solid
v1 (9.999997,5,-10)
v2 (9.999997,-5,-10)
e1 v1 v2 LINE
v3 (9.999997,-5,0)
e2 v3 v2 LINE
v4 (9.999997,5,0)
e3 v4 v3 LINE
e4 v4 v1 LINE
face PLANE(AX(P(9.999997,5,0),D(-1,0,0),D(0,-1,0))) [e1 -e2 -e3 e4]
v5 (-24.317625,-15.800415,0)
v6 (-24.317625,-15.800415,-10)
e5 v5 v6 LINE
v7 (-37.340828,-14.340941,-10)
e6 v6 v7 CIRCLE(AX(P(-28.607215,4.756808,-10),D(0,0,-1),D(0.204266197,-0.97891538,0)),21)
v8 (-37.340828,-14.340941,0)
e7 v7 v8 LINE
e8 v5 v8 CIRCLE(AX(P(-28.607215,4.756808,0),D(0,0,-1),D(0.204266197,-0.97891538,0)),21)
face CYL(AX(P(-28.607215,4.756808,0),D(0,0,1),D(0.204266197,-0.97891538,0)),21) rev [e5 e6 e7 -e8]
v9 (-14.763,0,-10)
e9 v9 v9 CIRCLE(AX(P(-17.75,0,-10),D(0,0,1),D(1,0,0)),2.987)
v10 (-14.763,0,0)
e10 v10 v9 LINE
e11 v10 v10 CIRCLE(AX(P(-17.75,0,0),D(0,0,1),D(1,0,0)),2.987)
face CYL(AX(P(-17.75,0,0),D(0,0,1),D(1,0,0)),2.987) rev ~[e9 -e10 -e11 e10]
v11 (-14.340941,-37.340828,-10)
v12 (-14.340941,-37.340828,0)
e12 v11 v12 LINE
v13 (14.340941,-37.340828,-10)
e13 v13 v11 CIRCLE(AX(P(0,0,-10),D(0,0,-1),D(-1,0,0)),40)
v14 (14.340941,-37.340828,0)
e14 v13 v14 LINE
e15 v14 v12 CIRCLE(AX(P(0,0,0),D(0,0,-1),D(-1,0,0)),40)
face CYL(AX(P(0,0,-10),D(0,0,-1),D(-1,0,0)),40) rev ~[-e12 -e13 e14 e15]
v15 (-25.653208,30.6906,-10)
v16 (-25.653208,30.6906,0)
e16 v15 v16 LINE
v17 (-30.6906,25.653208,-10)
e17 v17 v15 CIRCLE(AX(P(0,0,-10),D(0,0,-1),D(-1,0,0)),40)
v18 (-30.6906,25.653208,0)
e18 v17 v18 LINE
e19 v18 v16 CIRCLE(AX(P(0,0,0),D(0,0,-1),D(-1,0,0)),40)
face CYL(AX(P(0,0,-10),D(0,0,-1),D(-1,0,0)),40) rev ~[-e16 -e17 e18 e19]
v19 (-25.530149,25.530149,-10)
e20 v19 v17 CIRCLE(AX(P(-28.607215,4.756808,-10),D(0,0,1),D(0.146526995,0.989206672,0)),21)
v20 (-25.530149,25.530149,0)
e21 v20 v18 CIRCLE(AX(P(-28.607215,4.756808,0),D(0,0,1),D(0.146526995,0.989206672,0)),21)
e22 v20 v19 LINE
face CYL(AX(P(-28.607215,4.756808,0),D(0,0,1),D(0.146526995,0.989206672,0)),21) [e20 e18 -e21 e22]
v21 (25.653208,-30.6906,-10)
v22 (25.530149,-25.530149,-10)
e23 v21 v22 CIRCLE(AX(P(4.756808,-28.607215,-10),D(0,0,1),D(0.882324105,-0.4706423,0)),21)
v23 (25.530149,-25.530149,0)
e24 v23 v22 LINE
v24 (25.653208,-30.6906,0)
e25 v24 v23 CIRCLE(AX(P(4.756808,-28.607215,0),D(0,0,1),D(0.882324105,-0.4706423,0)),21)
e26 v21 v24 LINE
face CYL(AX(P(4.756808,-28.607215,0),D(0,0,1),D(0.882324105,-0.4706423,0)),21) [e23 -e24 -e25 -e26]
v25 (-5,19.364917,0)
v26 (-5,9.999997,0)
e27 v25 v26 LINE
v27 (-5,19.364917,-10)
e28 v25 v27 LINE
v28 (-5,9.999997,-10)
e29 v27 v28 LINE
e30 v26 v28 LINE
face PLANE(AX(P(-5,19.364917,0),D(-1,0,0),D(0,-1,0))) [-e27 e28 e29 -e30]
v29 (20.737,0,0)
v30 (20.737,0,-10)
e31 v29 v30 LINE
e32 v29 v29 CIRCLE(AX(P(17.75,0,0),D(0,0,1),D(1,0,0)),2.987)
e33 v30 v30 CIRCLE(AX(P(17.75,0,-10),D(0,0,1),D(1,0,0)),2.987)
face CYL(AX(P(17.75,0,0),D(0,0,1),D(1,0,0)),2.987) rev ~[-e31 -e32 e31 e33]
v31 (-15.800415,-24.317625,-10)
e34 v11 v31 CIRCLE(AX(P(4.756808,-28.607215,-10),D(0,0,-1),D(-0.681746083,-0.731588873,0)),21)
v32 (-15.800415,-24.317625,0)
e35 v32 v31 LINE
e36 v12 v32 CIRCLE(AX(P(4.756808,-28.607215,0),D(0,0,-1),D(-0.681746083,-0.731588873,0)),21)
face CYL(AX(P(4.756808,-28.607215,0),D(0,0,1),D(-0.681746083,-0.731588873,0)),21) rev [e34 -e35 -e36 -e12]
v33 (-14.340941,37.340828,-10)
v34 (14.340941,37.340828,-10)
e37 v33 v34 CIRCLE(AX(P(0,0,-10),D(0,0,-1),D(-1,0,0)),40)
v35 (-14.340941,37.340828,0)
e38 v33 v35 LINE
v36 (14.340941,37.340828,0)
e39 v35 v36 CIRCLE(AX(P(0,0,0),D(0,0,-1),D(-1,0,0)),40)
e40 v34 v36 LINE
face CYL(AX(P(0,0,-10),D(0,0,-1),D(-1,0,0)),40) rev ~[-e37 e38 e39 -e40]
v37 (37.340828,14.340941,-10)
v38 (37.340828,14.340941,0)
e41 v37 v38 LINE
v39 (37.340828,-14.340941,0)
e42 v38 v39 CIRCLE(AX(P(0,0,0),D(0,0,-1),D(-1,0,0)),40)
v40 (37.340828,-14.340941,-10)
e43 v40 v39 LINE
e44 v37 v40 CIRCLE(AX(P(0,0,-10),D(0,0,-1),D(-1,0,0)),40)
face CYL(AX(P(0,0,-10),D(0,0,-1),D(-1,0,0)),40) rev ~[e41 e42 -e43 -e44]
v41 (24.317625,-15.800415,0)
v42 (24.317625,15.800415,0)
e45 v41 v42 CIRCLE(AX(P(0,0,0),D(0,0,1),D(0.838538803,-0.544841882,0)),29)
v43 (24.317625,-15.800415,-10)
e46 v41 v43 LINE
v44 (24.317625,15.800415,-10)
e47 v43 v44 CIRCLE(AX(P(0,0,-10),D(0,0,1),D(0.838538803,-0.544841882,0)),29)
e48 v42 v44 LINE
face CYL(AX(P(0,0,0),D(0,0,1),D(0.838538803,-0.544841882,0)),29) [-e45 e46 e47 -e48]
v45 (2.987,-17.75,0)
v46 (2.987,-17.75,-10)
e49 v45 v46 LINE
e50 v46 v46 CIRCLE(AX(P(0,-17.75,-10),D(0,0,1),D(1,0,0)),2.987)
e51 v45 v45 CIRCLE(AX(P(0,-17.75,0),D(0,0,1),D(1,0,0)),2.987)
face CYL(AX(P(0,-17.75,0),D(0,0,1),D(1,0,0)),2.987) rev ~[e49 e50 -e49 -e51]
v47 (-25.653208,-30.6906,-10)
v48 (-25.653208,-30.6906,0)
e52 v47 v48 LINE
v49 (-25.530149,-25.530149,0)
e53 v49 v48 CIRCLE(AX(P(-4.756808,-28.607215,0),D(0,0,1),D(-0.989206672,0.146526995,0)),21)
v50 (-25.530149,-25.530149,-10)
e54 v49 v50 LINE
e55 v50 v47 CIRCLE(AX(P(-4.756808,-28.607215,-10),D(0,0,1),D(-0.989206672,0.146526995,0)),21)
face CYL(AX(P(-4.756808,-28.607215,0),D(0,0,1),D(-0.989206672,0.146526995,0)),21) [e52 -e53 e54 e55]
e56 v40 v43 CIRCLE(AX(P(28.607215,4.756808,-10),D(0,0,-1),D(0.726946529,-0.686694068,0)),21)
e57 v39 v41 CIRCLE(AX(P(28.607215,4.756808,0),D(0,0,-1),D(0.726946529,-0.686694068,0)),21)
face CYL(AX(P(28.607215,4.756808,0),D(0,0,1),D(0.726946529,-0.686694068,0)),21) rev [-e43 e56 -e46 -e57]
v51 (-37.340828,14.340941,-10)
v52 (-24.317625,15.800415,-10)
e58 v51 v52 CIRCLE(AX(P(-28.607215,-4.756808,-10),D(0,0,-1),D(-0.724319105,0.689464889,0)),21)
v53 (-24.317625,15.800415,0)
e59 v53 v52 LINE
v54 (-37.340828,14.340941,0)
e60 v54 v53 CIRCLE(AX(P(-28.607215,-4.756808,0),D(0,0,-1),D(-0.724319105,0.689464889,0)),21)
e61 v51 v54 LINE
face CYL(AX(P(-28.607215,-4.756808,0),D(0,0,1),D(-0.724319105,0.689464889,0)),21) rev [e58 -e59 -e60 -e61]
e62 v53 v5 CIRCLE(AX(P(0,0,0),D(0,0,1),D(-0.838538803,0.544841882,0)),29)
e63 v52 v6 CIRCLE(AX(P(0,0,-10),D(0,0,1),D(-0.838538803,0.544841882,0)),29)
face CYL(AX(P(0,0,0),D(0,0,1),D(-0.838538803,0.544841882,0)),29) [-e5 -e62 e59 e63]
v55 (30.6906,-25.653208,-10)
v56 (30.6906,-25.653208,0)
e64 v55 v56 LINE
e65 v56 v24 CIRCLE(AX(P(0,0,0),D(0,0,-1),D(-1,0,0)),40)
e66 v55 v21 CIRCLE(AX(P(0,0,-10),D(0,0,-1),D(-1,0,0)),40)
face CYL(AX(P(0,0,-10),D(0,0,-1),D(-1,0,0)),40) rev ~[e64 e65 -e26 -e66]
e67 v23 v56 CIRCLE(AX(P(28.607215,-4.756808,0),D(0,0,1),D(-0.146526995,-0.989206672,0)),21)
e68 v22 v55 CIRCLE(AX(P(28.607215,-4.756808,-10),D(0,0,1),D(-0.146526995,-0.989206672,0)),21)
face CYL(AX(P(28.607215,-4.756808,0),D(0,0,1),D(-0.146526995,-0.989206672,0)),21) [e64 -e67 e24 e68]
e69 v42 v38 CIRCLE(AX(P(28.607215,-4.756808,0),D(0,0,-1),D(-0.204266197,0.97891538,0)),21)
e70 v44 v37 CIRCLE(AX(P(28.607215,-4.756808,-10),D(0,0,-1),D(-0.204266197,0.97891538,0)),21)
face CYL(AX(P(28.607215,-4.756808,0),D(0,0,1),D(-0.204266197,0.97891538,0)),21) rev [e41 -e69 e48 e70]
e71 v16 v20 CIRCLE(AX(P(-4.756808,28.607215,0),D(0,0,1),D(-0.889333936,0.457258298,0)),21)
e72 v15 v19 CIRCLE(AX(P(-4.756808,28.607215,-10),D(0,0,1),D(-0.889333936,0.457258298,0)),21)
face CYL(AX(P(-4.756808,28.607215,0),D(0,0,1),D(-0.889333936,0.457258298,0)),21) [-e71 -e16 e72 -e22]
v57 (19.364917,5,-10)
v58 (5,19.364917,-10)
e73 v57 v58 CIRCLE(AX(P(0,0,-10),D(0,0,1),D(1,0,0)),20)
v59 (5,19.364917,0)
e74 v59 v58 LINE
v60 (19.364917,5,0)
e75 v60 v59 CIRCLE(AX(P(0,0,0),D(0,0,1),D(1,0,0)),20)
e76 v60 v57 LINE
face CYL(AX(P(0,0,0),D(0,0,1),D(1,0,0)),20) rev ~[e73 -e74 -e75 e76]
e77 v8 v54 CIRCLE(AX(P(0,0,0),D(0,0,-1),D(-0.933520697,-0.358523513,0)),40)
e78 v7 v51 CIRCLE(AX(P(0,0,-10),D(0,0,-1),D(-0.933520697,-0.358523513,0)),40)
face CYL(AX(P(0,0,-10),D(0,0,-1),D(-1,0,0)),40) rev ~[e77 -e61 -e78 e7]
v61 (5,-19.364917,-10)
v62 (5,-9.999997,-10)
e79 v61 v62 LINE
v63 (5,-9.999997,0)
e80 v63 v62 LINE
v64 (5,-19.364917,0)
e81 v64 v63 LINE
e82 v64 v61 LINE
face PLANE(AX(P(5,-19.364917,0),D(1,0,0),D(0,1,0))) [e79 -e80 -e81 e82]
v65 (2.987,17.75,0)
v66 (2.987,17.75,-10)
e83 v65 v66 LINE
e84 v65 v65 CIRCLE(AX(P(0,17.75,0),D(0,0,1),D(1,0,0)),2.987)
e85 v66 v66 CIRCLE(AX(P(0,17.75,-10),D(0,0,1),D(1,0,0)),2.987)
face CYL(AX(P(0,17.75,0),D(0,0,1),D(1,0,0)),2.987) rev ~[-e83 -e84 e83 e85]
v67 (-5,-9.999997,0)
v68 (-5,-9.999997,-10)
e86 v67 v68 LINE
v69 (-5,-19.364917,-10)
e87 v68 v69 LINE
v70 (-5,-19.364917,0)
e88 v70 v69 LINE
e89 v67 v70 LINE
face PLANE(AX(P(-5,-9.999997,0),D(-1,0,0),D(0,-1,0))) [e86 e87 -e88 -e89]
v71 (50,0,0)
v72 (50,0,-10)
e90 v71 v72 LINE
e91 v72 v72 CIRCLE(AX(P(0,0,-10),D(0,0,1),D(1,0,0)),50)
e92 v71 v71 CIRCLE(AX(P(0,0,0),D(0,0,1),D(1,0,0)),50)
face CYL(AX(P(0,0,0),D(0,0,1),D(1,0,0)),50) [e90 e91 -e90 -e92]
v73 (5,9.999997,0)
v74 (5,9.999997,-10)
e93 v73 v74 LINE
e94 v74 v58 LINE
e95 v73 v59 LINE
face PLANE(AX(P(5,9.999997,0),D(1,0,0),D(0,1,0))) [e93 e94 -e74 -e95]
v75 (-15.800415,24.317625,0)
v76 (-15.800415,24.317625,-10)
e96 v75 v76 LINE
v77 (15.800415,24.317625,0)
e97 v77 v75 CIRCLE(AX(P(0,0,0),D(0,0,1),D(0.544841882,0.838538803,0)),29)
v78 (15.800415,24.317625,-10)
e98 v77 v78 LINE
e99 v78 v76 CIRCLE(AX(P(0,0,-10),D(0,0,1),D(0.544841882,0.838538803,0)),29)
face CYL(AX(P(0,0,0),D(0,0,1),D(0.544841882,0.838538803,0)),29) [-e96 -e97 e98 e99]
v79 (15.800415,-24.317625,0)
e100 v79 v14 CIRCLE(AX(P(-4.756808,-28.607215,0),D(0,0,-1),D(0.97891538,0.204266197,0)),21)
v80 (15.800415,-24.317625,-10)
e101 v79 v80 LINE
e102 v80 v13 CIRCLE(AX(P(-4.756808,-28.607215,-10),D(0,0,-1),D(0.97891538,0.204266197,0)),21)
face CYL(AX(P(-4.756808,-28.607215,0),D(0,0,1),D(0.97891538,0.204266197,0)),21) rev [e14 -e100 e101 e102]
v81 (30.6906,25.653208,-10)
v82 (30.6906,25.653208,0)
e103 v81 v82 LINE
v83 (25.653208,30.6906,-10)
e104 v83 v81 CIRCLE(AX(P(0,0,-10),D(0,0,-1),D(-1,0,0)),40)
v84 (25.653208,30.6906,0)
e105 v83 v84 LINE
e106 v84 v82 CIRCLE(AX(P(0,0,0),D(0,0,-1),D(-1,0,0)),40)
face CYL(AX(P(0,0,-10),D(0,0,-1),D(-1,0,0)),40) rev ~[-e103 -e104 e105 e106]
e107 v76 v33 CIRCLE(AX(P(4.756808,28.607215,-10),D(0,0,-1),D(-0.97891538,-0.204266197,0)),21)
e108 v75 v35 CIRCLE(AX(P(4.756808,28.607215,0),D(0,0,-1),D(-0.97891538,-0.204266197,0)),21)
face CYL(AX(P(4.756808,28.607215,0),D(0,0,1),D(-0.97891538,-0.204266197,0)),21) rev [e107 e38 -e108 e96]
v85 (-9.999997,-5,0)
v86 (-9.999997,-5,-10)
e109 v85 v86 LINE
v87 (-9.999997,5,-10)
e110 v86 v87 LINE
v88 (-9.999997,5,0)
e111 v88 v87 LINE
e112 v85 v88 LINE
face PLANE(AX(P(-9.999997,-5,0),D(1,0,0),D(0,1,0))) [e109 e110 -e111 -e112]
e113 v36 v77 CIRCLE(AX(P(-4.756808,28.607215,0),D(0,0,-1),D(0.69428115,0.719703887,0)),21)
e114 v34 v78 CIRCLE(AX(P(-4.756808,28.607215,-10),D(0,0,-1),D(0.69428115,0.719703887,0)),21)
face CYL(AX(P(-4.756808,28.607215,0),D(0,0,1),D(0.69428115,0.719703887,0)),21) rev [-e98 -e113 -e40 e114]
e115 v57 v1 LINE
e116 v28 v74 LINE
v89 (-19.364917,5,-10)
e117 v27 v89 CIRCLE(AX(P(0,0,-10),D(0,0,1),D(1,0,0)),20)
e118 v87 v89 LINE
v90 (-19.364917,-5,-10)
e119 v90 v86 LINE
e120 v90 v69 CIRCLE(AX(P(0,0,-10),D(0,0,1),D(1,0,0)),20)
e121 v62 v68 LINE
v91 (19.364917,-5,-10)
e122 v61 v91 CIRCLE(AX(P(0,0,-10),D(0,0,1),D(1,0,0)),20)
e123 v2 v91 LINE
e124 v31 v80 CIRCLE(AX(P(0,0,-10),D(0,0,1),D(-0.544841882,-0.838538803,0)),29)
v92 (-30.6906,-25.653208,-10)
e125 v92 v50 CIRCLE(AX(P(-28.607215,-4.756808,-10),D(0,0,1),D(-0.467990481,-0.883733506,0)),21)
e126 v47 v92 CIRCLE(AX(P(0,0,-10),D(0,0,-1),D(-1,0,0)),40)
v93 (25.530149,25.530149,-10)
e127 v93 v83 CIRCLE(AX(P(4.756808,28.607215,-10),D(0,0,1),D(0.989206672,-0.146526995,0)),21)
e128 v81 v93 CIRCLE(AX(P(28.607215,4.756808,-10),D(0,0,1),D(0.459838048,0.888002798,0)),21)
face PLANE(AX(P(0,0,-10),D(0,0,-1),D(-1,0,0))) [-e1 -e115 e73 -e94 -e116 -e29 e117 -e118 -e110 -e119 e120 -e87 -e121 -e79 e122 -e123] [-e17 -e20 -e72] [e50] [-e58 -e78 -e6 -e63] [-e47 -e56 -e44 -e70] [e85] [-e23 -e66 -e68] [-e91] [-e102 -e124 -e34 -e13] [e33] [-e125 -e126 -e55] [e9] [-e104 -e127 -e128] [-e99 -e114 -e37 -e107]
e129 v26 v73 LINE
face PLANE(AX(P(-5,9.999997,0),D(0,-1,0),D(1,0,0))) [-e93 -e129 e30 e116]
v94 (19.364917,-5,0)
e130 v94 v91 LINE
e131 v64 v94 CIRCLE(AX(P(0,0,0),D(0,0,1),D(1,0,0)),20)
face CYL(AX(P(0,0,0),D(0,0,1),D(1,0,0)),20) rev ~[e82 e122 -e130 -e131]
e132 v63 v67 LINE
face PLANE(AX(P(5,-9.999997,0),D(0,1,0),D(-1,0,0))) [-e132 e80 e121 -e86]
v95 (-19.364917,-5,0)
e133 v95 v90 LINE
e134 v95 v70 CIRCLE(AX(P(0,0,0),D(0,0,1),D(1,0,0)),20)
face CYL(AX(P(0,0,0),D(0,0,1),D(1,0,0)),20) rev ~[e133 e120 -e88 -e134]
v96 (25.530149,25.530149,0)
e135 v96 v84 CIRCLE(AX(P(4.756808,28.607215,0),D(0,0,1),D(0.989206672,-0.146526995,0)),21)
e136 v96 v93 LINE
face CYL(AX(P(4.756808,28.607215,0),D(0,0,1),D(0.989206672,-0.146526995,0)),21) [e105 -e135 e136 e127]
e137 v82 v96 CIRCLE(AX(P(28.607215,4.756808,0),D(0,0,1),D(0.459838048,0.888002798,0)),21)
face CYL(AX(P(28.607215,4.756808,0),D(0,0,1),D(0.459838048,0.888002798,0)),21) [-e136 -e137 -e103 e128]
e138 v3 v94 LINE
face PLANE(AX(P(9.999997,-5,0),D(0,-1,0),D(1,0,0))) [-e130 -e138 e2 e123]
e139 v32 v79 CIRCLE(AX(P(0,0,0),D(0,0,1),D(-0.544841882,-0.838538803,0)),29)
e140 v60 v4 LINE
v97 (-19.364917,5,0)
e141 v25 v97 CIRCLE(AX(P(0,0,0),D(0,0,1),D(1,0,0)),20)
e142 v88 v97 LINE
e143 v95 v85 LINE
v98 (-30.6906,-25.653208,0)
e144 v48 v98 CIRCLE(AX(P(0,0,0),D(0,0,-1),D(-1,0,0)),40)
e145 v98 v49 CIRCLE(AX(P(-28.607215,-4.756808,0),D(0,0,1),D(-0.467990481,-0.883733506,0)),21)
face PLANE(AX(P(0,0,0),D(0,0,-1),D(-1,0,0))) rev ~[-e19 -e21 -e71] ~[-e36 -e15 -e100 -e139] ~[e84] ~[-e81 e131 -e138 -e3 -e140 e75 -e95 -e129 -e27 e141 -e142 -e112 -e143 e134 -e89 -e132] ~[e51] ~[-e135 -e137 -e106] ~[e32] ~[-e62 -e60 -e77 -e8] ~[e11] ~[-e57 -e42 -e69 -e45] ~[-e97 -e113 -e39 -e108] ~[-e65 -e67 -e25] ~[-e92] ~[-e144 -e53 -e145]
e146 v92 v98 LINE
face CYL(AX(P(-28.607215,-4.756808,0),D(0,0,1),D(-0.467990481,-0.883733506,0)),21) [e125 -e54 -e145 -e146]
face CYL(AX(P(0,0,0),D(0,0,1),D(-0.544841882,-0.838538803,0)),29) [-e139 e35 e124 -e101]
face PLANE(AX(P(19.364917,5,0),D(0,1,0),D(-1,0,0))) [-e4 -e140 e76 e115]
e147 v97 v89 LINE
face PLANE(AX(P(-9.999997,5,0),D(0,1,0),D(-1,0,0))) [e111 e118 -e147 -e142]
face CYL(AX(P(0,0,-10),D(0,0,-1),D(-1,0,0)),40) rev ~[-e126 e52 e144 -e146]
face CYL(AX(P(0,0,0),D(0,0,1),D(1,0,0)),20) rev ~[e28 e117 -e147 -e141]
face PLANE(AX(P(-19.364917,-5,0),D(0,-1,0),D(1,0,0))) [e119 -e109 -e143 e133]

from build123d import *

# Parameters (mm, degrees)
SKETCH6_R                    = 29
SKETCH6_R_2                  = 20
INNER_RING_DEPTH             = 10
MOTOR_CONNECTOR_CUT_DEPTH    = 10
SKETCH9_R                    = 50
SKETCH9_R_2                  = 29
OUTSIDE_RING_EXTRUSION_DEPTH = 10
SKETCH12_R                   = 45
SKETCH12_R_2                 = 27.5
CUT_EXTRUDE6_DEPTH           = 55
SKETCH8_R                    = 2.987
MOTOR_CONNECTOR_HOLES_DEPTH  = 10
SKETCH10_R                   = 27.404299948
PATTERN_DEPTH                = 10
SKETCH13_R                   = 45
SKETCH13_R_2                 = 40
BOSS_EXTRUDE1_DEPTH          = 10


with BuildPart() as part:
    # Sketch6 → Inner Ring (new body)
    with BuildSketch(Plane.XY):
        Circle(SKETCH6_R)
        Circle(SKETCH6_R_2, mode=Mode.SUBTRACT)
    extrude(amount=-INNER_RING_DEPTH)

    # Sketch7 → Motor Connector Cut (add)
    with BuildSketch(Plane.XY):
        with BuildLine():
            ThreePointArc((20, 0), (19.840593925, 2.52008585), (19.364916731, 5))
            Line((19.364916731, 5), (9.999996731, 5))
            Line((9.999996731, 5), (9.999996731, -5))
            Line((9.999996731, -5), (19.364916731, -5))
            ThreePointArc((19.364916731, -5), (19.840593925, -2.52008585), (20, 0))
        make_face()
        with BuildLine():
            ThreePointArc((5, 19.364916731), (0, 20), (-5, 19.364916731))
            Line((-5, 19.364916731), (-5, 9.999996731))
            Line((-5, 9.999996731), (5, 9.999996731))
            Line((5, 9.999996731), (5, 19.364916731))
        make_face()
        with BuildLine():
            Line((-9.999996731, -5), (-9.999996731, 5))
            Line((-9.999996731, 5), (-19.364916731, 5))
            ThreePointArc((-19.364916731, 5), (-20, 0), (-19.364916731, -5))
            Line((-19.364916731, -5), (-9.999996731, -5))
        make_face()
        with BuildLine():
            Line((-5, -9.999996731), (-5, -19.364916731))
            ThreePointArc((-5, -19.364916731), (0, -20), (5, -19.364916731))
            Line((5, -19.364916731), (5, -9.999996731))
            Line((5, -9.999996731), (-5, -9.999996731))
        make_face()
    extrude(amount=-MOTOR_CONNECTOR_CUT_DEPTH)

    # Sketch9 → Outside Ring Extrusion (add)
    with BuildSketch(Plane.XY):
        Circle(SKETCH9_R)
        Circle(SKETCH9_R_2, mode=Mode.SUBTRACT)
    extrude(amount=-OUTSIDE_RING_EXTRUSION_DEPTH)

    # Sketch12 → Cut-Extrude6 (cut)
    with BuildSketch(Plane.XY):
        Circle(SKETCH12_R)
        Circle(SKETCH12_R_2, mode=Mode.SUBTRACT)
    extrude(amount=-CUT_EXTRUDE6_DEPTH, mode=Mode.SUBTRACT)

    # Sketch8 → Motor Connector Holes (cut)
    with BuildSketch(Plane.XY):
        with Locations((0, 17.75)):
            Circle(SKETCH8_R)
        with Locations((17.75, 0)):
            Circle(SKETCH8_R)
        with Locations((0, -17.75)):
            Circle(SKETCH8_R)
        with Locations((-17.75, 0)):
            Circle(SKETCH8_R)
    extrude(amount=-MOTOR_CONNECTOR_HOLES_DEPTH, mode=Mode.SUBTRACT)

    # Sketch10 → Pattern (add)
    with BuildSketch(Plane.XY):
        with BuildLine():
            ThreePointArc((24.317625284, 15.800414568), (34.856582319, 15.291767932), (43.817916626, 9.721954269))
            ThreePointArc((43.817916626, 9.721954269), (41.607188912, 16.793289988), (38.263814419, 23.404867172))
            ThreePointArc((38.263814419, 23.404867172), (32.064348025, 25.470287935), (25.530148518, 25.530148518))
            ThreePointArc((25.530148518, 25.530148518), (25.475284033, 32.034279432), (23.432821057, 38.209639668))
            ThreePointArc((23.432821057, 38.209639668), (20.212556871, 40.002288656), (16.856128399, 41.524812789))
            ThreePointArc((16.856128399, 41.524812789), (13.384732217, 42.767397097), (9.823095744, 43.720997037))
            ThreePointArc((9.823095744, 43.720997037), (15.312499865, 34.789679765), (15.800414568, 24.317625284))
            ThreePointArc((15.800414568, 24.317625284), (0, 29), (-15.800414568, 24.317625284))
            ThreePointArc((-15.800414568, 24.317625284), (-15.312499865, 34.789679765), (-9.823095744, 43.720997037))
            ThreePointArc((-9.823095744, 43.720997037), (-16.854754984, 41.52536899), (-23.432821057, 38.209639668))
            ThreePointArc((-23.432821057, 38.209639668), (-25.475284033, 32.034279432), (-25.530148518, 25.530148518))
            ThreePointArc((-25.530148518, 25.530148518), (-32.064348025, 25.470287935), (-38.263814419, 23.404867172))
            ThreePointArc((-38.263814419, 23.404867172), (-41.607188912, 16.793289988), (-43.817916626, 9.721954269))
            ThreePointArc((-43.817916626, 9.721954269), (-34.856582319, 15.291767932), (-24.317625284, 15.800414568))
            ThreePointArc((-24.317625284, 15.800414568), (-29, 0), (-24.317625284, -15.800414568))
            ThreePointArc((-24.317625284, -15.800414568), (-34.894848495, -15.279799844), (-43.87309253, -9.663767027))
            ThreePointArc((-43.87309253, -9.663767027), (-41.716263612, -16.713446711), (-38.435015504, -23.315212041))
            ThreePointArc((-38.435015504, -23.315212041), (-32.159621016, -25.454161245), (-25.530148518, -25.530148518))
            ThreePointArc((-25.530148518, -25.530148518), (-25.448803812, -32.190695038), (-23.285614603, -38.490703716))
            ThreePointArc((-23.285614603, -38.490703716), (-16.649731385, -41.799208281), (-9.559859326, -43.970581744))
            ThreePointArc((-9.559859326, -43.970581744), (-15.258354287, -34.962784804), (-15.800414568, -24.317625284))
            ThreePointArc((-15.800414568, -24.317625284), (0, -29), (15.800414568, -24.317625284))
            ThreePointArc((15.800414568, -24.317625284), (15.258354287, -34.962784804), (9.559859326, -43.970581744))
            ThreePointArc((9.559859326, -43.970581744), (16.649731385, -41.799208281), (23.285614603, -38.490703716))
            ThreePointArc((23.285614603, -38.490703716), (25.448803812, -32.190695038), (25.530148518, -25.530148518))
            ThreePointArc((25.530148518, -25.530148518), (32.159621016, -25.454161245), (38.435015504, -23.315212041))
            ThreePointArc((38.435015504, -23.315212041), (41.716263612, -16.713446711), (43.87309253, -9.663767027))
            ThreePointArc((43.87309253, -9.663767027), (34.894848495, -15.279799844), (24.317625284, -15.800414568))
            ThreePointArc((24.317625284, -15.800414568), (29, 0), (24.317625284, 15.800414568))
        make_face()
        with Locations((-0.095700052, 0)):
            Circle(SKETCH10_R, mode=Mode.SUBTRACT)
    extrude(amount=-PATTERN_DEPTH)

    # Sketch13 → Boss-Extrude1 (add)
    with BuildSketch(Plane(origin=(0, 0, -10), x_dir=(-1, 0, 0), z_dir=(0, 0, -1))):
        Circle(SKETCH13_R)
        Circle(SKETCH13_R_2, mode=Mode.SUBTRACT)
    extrude(amount=-BOSS_EXTRUDE1_DEPTH)


solid = part.part
